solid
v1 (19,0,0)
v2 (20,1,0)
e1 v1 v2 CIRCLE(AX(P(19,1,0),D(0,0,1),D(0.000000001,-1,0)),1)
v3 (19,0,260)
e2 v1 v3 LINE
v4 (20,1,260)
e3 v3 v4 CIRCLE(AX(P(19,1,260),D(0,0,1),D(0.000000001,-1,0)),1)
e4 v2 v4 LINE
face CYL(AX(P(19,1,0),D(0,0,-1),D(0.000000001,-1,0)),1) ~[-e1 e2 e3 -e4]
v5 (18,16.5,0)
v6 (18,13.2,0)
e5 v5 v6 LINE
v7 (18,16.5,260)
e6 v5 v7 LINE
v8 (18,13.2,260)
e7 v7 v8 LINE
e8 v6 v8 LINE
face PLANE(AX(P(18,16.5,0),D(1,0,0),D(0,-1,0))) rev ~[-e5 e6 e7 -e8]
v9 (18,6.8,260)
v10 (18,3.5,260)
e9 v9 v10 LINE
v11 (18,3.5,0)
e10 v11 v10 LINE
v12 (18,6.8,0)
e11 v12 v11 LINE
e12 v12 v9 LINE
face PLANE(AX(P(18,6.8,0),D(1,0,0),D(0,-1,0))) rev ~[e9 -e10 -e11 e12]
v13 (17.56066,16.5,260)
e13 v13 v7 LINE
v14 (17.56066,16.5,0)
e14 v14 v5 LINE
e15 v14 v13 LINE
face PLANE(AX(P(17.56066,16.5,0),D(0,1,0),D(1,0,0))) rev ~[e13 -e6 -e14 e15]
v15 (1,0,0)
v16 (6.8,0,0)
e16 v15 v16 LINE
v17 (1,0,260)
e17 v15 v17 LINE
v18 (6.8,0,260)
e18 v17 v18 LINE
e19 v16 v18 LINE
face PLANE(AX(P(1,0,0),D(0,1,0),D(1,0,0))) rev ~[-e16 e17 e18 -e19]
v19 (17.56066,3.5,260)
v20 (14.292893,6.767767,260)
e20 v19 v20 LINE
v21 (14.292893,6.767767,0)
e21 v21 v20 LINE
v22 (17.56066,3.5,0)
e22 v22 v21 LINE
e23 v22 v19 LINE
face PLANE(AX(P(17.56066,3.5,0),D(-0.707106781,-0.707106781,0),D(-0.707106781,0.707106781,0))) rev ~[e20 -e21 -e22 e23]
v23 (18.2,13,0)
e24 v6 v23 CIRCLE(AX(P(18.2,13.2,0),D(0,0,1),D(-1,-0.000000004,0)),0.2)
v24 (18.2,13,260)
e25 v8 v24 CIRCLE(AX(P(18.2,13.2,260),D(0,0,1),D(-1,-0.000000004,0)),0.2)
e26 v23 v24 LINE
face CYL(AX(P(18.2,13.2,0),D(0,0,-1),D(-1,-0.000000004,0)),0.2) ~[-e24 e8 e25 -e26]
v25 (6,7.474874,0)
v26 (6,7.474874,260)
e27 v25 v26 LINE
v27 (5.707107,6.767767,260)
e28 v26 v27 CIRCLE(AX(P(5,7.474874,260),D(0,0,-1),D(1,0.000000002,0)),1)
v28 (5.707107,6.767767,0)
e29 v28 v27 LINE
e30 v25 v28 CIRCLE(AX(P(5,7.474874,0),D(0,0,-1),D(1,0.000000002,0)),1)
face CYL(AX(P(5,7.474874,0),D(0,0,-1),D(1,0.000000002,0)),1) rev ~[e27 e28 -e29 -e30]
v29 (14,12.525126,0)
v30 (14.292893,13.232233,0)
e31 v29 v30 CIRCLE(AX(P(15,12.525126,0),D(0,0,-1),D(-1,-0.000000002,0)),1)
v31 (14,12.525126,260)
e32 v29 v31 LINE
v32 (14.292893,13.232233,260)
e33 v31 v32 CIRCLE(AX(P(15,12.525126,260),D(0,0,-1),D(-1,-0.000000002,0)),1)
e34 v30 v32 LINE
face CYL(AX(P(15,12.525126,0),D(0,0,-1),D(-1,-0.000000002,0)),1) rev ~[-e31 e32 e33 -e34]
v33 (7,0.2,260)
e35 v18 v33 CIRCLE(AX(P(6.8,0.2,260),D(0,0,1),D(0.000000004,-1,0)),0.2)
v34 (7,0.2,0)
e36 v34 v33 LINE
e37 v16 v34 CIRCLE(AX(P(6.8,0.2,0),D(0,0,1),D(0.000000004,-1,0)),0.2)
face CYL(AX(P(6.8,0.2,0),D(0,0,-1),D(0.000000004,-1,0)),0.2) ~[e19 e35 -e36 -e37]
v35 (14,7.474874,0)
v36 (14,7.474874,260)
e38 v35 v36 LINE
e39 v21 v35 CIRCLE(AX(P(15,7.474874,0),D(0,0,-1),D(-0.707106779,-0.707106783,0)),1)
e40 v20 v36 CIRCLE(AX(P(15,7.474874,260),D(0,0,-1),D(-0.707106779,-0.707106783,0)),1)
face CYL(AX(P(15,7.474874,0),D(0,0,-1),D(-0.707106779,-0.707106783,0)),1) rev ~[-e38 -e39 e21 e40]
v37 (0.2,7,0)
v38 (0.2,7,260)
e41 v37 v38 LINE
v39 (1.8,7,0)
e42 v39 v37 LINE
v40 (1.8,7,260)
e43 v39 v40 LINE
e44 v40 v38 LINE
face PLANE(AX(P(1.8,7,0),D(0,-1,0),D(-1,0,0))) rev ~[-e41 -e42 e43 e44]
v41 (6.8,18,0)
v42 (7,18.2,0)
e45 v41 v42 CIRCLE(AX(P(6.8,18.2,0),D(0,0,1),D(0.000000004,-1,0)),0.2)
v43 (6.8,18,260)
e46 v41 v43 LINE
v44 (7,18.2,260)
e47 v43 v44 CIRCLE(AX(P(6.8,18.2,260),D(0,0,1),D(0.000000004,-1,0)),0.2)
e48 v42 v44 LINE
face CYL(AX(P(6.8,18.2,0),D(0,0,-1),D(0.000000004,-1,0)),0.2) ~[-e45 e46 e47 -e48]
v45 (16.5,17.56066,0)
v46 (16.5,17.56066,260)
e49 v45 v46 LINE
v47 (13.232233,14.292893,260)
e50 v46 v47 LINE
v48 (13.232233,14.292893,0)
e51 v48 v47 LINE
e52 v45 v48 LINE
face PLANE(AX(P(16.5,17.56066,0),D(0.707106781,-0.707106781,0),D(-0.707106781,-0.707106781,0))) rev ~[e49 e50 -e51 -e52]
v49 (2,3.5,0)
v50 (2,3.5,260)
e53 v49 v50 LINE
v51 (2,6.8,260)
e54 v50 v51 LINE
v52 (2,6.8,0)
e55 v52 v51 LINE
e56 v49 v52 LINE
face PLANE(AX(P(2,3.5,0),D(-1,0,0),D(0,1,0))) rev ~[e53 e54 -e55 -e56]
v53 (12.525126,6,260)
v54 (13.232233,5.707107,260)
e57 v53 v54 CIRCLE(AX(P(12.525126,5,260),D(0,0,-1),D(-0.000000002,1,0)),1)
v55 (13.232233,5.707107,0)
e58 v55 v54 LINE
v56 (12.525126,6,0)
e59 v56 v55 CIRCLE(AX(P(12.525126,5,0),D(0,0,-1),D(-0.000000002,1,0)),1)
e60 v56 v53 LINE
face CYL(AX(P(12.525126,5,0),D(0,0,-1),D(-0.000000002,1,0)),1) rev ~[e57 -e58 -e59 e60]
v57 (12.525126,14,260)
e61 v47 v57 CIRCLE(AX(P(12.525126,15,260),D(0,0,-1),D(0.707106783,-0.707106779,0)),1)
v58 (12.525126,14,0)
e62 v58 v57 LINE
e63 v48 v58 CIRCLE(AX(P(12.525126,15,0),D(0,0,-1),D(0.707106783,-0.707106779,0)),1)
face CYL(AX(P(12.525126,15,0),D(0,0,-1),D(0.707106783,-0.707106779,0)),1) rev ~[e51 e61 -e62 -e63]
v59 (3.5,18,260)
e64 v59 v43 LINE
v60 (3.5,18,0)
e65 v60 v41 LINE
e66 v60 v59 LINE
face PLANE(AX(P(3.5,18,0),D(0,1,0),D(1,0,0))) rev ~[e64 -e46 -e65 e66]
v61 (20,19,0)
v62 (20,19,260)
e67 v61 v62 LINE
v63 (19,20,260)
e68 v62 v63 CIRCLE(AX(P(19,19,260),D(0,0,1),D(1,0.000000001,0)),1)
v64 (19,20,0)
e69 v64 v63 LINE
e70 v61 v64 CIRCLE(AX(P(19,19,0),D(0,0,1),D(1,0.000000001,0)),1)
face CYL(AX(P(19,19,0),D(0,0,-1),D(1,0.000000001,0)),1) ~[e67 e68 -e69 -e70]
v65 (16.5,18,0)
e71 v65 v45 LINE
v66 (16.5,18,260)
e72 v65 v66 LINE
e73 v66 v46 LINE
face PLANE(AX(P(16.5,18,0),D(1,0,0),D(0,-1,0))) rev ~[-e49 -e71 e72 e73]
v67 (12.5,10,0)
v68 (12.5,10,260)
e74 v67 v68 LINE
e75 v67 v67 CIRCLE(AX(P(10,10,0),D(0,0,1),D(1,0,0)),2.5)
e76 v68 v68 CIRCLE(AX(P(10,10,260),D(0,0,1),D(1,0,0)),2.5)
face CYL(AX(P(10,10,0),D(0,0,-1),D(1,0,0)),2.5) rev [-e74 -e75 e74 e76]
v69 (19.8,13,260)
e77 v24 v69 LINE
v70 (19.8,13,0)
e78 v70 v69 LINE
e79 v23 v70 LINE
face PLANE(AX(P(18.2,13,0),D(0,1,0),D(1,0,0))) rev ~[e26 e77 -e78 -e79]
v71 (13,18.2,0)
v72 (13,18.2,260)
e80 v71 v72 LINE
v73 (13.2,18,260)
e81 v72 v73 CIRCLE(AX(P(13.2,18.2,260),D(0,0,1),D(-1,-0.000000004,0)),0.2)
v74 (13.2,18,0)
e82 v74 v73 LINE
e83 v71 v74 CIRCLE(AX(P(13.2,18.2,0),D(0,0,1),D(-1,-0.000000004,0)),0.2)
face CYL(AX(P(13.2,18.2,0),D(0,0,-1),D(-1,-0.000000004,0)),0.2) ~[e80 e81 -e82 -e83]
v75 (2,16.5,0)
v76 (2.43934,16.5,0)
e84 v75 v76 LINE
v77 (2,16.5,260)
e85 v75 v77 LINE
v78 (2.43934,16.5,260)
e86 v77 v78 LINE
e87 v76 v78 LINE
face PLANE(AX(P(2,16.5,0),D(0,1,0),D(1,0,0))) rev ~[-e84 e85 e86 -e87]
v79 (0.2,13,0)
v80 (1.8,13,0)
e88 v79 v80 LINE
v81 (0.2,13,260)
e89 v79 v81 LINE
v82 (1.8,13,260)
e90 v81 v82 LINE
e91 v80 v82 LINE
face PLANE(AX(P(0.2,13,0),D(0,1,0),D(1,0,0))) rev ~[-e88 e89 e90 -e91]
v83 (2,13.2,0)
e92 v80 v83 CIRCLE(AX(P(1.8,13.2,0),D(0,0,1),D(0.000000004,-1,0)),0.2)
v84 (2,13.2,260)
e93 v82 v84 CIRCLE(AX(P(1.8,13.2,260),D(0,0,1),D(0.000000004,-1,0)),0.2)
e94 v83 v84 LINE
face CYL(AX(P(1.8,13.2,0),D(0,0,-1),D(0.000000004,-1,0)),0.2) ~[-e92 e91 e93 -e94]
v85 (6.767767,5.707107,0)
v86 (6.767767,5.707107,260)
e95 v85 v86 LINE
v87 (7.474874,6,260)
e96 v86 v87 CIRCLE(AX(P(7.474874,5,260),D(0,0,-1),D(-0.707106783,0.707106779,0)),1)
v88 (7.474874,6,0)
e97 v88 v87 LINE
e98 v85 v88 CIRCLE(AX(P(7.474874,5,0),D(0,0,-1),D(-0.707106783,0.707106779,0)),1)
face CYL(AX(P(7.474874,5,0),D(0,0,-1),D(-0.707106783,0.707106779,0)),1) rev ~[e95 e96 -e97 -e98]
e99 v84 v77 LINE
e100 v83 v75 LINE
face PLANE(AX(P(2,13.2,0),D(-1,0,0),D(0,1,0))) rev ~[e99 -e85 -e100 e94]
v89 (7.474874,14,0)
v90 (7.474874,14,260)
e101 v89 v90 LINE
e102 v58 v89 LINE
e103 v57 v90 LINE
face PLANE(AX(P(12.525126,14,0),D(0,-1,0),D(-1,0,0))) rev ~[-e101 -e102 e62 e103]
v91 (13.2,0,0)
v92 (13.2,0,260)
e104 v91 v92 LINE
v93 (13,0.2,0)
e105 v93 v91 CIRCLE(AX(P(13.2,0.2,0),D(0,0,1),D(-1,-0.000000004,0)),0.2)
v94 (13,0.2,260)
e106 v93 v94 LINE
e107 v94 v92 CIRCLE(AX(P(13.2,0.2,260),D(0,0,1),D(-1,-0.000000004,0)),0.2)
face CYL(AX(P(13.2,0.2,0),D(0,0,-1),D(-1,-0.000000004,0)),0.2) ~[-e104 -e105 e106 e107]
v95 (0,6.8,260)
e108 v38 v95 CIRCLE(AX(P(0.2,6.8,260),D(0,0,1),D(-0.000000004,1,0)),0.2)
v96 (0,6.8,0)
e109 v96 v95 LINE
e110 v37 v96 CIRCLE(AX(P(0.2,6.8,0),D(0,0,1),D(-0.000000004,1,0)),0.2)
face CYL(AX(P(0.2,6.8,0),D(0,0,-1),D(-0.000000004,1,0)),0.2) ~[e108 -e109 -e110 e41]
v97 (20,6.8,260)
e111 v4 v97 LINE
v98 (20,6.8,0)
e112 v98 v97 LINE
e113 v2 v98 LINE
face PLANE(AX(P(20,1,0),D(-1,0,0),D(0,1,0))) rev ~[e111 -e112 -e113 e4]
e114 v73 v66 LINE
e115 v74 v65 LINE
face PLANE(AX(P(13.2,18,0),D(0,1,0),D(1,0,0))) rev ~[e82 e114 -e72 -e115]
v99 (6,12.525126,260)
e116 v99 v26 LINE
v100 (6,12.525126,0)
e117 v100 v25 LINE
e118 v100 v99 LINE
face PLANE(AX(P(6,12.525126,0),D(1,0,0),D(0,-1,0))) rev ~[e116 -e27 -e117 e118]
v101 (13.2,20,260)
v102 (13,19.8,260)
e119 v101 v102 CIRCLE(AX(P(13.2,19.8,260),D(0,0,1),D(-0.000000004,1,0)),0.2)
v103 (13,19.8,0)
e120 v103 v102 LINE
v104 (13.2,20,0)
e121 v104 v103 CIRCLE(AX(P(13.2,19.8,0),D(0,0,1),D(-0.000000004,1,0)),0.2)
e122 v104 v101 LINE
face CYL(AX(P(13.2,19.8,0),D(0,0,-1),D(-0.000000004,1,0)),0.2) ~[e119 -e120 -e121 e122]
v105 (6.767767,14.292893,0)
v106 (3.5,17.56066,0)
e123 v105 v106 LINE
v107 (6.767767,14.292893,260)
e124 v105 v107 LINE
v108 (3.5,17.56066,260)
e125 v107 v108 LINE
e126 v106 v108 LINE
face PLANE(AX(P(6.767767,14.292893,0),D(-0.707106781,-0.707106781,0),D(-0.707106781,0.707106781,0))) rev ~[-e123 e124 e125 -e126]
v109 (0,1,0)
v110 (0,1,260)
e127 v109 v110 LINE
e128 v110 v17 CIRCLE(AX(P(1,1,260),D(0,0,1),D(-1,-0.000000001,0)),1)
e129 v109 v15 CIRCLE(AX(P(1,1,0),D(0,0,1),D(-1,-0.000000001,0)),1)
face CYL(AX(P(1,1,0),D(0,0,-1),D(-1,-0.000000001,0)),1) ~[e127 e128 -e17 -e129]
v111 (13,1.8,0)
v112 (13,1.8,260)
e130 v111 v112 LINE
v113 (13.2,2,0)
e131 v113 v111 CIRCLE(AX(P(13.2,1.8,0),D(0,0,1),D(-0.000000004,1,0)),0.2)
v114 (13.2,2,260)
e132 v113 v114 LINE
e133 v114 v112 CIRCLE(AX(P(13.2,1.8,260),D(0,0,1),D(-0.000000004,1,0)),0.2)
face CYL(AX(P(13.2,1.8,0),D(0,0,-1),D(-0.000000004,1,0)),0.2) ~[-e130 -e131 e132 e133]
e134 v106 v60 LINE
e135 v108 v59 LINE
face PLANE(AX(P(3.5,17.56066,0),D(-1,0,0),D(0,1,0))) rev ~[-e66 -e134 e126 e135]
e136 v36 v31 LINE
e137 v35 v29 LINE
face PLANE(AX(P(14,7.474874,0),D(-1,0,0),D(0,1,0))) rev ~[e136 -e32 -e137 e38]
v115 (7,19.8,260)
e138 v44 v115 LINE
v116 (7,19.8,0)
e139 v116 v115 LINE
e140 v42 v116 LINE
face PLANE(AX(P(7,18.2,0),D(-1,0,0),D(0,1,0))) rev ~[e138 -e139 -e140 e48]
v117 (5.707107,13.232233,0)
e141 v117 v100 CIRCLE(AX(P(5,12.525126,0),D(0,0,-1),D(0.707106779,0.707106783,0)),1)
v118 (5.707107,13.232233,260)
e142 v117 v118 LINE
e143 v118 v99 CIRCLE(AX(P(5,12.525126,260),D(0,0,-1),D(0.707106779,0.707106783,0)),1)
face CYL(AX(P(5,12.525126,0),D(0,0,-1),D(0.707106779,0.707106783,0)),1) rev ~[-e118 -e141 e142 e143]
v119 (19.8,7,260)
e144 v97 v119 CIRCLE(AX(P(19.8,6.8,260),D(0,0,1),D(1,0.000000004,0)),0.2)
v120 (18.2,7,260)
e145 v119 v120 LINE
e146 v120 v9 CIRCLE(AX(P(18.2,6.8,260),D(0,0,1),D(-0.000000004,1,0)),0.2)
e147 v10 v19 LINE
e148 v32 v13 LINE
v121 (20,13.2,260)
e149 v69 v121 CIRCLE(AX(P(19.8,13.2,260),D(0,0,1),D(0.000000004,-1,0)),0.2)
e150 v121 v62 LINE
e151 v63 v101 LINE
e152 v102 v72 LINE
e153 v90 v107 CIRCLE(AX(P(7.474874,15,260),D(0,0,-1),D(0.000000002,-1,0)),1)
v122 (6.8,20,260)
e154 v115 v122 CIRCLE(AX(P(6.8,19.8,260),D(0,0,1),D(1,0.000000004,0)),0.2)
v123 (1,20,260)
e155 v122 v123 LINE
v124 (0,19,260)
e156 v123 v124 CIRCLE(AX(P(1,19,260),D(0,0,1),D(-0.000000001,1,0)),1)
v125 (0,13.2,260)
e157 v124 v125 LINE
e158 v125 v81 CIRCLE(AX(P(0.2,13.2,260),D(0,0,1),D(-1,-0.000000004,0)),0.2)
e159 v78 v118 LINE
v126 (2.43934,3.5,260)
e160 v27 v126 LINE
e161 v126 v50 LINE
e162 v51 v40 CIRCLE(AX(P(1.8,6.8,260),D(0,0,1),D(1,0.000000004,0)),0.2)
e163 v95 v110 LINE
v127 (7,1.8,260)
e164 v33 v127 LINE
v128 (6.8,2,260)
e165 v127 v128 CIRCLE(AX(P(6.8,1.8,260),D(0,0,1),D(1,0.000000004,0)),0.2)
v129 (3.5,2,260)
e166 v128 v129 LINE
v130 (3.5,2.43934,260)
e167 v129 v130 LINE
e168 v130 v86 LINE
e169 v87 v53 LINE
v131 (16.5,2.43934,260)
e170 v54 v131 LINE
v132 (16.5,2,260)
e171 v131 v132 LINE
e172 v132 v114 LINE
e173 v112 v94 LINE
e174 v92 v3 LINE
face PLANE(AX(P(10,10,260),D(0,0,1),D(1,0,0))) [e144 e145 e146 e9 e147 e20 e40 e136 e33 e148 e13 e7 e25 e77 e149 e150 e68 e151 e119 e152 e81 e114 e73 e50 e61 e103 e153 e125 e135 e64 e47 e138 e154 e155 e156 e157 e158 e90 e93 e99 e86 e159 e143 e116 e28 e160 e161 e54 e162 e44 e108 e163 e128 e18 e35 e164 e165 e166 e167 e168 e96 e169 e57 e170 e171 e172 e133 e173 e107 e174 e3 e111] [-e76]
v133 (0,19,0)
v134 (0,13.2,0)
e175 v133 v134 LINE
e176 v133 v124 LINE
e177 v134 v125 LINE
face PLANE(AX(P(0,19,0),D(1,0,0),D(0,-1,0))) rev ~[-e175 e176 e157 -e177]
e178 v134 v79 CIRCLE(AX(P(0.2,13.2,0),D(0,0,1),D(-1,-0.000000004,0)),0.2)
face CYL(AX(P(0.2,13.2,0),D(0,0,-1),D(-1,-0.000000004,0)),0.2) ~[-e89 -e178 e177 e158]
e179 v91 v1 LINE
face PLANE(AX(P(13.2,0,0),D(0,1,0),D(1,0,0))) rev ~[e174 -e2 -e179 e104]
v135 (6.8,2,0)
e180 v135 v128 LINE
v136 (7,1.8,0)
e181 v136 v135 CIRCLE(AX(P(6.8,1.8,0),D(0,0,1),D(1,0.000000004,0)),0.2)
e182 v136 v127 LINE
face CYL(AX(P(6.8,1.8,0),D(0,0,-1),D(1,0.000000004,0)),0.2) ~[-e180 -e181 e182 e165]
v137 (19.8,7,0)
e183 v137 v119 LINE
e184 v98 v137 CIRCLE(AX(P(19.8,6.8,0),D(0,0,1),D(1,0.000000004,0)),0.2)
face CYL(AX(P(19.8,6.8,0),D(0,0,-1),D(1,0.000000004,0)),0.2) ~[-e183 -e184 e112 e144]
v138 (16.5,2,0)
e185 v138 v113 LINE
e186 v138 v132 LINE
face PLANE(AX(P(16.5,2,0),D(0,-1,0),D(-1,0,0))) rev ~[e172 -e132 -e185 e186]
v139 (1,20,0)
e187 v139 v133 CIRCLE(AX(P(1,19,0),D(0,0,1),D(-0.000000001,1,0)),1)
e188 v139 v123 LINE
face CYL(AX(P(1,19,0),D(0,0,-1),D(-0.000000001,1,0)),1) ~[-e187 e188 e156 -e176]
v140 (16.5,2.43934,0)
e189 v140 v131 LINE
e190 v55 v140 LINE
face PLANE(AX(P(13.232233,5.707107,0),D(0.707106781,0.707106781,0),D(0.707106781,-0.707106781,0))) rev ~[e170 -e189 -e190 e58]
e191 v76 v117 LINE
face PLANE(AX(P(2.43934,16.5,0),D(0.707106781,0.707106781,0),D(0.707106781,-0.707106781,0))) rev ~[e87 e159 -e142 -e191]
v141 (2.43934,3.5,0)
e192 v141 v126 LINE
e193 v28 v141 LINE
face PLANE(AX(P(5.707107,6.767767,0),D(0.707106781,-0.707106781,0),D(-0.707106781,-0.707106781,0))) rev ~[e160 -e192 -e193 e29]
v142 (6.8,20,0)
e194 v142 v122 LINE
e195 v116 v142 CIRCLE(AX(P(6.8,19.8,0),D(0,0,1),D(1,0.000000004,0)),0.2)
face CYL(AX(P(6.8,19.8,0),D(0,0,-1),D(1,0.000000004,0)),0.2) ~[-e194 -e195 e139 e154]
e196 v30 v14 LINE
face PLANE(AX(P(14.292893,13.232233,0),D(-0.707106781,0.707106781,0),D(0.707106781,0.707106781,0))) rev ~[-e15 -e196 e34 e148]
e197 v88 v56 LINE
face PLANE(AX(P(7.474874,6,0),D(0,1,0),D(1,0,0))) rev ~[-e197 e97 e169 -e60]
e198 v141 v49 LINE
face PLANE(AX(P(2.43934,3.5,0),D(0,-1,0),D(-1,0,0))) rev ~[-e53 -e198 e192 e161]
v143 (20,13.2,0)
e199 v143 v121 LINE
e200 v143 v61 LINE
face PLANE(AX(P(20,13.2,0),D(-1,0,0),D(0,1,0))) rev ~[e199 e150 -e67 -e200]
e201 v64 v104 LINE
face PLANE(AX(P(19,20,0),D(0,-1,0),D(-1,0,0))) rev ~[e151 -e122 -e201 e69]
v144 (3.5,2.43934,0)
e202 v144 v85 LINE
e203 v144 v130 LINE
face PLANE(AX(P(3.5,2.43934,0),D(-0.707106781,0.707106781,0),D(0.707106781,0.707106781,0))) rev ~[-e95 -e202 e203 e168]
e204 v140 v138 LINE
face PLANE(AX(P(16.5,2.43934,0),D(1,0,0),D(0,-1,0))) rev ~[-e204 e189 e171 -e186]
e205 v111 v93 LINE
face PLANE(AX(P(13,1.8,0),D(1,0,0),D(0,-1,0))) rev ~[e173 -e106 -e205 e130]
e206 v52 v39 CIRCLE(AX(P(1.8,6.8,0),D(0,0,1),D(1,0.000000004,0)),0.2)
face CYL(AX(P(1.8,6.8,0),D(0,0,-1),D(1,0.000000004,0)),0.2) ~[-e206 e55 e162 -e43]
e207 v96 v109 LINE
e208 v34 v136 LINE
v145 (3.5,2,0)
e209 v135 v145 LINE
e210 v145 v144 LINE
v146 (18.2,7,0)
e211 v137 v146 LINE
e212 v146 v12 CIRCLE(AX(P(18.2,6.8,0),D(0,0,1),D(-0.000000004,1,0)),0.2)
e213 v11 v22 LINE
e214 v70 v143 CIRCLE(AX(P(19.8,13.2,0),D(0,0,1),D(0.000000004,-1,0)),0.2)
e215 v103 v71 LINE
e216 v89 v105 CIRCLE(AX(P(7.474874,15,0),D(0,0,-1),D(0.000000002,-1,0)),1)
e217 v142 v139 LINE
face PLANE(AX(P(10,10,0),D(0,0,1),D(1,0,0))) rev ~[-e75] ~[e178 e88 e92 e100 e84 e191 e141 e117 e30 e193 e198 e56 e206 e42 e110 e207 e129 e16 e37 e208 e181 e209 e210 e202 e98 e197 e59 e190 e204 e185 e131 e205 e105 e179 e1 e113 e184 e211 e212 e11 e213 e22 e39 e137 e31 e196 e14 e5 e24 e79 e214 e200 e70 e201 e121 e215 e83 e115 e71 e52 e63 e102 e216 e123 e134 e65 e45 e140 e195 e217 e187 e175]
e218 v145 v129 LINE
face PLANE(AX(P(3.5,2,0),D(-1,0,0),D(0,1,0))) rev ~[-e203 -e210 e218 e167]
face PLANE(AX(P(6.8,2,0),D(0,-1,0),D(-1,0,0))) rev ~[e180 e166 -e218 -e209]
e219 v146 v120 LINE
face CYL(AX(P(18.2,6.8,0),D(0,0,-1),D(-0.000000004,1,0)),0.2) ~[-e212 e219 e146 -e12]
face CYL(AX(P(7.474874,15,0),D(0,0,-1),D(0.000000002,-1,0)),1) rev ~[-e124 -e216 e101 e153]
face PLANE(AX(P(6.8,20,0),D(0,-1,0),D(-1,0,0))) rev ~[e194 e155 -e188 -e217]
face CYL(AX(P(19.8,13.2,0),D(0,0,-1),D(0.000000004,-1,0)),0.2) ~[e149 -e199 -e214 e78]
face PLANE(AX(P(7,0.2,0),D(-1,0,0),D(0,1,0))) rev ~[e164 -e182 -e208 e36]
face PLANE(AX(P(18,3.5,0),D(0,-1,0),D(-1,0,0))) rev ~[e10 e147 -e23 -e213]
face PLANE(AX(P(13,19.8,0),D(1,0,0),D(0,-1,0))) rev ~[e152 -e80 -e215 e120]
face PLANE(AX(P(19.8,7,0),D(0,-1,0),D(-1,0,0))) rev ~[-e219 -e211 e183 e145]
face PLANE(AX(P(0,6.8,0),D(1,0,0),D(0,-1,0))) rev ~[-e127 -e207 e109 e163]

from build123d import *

# Parameters (mm, degrees)
SKETCH1_R           = 2.5
BOSS_EXTRUDE1_DEPTH = 260


with BuildPart() as part:
    # Sketch1 → Boss-Extrude1 (new body)
    with BuildSketch(Plane.XY):
        with BuildLine():
            Line((0.2, 13), (1.8, 13))
            ThreePointArc((1.8, 13), (1.941421356, 13.058578644), (2, 13.2))
            Line((2, 13.2), (2, 16.5))
            Line((2, 16.5), (2.439339828, 16.5))
            Line((2.439339828, 16.5), (5.707106781, 13.232233047))
            ThreePointArc((5.707106781, 13.232233047), (5.923879533, 12.907809698), (6, 12.525126266))
            Line((6, 12.525126266), (6, 7.474873734))
            ThreePointArc((6, 7.474873734), (5.923879533, 7.092190302), (5.707106781, 6.767766953))
            Line((5.707106781, 6.767766953), (2.439339828, 3.5))
            Line((2.439339828, 3.5), (2, 3.5))
            Line((2, 3.5), (2, 6.8))
            ThreePointArc((2, 6.8), (1.941421356, 6.941421356), (1.8, 7))
            Line((1.8, 7), (0.2, 7))
            ThreePointArc((0.2, 7), (0.058578644, 6.941421356), (0, 6.8))
            Line((0, 6.8), (0, 1))
            ThreePointArc((0, 1), (0.292893219, 0.292893219), (1, 0))
            Line((1, 0), (6.8, 0))
            ThreePointArc((6.8, 0), (6.941421356, 0.058578644), (7, 0.2))
            Line((7, 0.2), (7, 1.8))
            ThreePointArc((7, 1.8), (6.941421356, 1.941421356), (6.8, 2))
            Line((6.8, 2), (3.5, 2))
            Line((3.5, 2), (3.5, 2.439339828))
            Line((3.5, 2.439339828), (6.767766953, 5.707106781))
            ThreePointArc((6.767766953, 5.707106781), (7.092190302, 5.923879533), (7.474873734, 6))
            Line((7.474873734, 6), (10, 6))
            Line((10, 6), (12.525126266, 6))
            ThreePointArc((12.525126266, 6), (12.907809698, 5.923879533), (13.232233047, 5.707106781))
            Line((13.232233047, 5.707106781), (16.5, 2.439339828))
            Line((16.5, 2.439339828), (16.5, 2))
            Line((16.5, 2), (13.2, 2))
            ThreePointArc((13.2, 2), (13.058578644, 1.941421356), (13, 1.8))
            Line((13, 1.8), (13, 0.2))
            ThreePointArc((13, 0.2), (13.058578644, 0.058578644), (13.2, 0))
            Line((13.2, 0), (19, 0))
            ThreePointArc((19, 0), (19.707106781, 0.292893219), (20, 1))
            Line((20, 1), (20, 6.8))
            ThreePointArc((20, 6.8), (19.941421356, 6.941421356), (19.8, 7))
            Line((19.8, 7), (18.2, 7))
            ThreePointArc((18.2, 7), (18.058578644, 6.941421356), (18, 6.8))
            Line((18, 6.8), (18, 3.5))
            Line((18, 3.5), (17.560660172, 3.5))
            Line((17.560660172, 3.5), (14.292893219, 6.767766953))
            ThreePointArc((14.292893219, 6.767766953), (14.076120467, 7.092190302), (14, 7.474873734))
            Line((14, 7.474873734), (14, 12.525126266))
            ThreePointArc((14, 12.525126266), (14.076120467, 12.907809698), (14.292893219, 13.232233047))
            Line((14.292893219, 13.232233047), (17.560660172, 16.5))
            Line((17.560660172, 16.5), (18, 16.5))
            Line((18, 16.5), (18, 13.2))
            ThreePointArc((18, 13.2), (18.058578644, 13.058578644), (18.2, 13))
            Line((18.2, 13), (19.8, 13))
            ThreePointArc((19.8, 13), (19.941421356, 13.058578644), (20, 13.2))
            Line((20, 13.2), (20, 19))
            ThreePointArc((20, 19), (19.707106781, 19.707106781), (19, 20))
            Line((19, 20), (13.2, 20))
            ThreePointArc((13.2, 20), (13.058578644, 19.941421356), (13, 19.8))
            Line((13, 19.8), (13, 18.2))
            ThreePointArc((13, 18.2), (13.058578644, 18.058578644), (13.2, 18))
            Line((13.2, 18), (16.5, 18))
            Line((16.5, 18), (16.5, 17.560660172))
            Line((16.5, 17.560660172), (13.232233047, 14.292893219))
            ThreePointArc((13.232233047, 14.292893219), (12.907809698, 14.076120467), (12.525126266, 14))
            Line((12.525126266, 14), (10, 14))
            Line((10, 14), (7.474873734, 14))
            ThreePointArc((7.474873734, 14), (7.092190302, 14.076120467), (6.767766953, 14.292893219))
            Line((6.767766953, 14.292893219), (3.5, 17.560660172))
            Line((3.5, 17.560660172), (3.5, 18))
            Line((3.5, 18), (6.8, 18))
            ThreePointArc((6.8, 18), (6.941421356, 18.058578644), (7, 18.2))
            Line((7, 18.2), (7, 19.8))
            ThreePointArc((7, 19.8), (6.941421356, 19.941421356), (6.8, 20))
            Line((6.8, 20), (1, 20))
            ThreePointArc((1, 20), (0.292893219, 19.707106781), (0, 19))
            Line((0, 19), (0, 13.2))
            ThreePointArc((0, 13.2), (0.058578644, 13.058578644), (0.2, 13))
        make_face()
        with Locations((10, 10)):
            Circle(SKETCH1_R, mode=Mode.SUBTRACT)
    extrude(amount=BOSS_EXTRUDE1_DEPTH)


solid = part.part
